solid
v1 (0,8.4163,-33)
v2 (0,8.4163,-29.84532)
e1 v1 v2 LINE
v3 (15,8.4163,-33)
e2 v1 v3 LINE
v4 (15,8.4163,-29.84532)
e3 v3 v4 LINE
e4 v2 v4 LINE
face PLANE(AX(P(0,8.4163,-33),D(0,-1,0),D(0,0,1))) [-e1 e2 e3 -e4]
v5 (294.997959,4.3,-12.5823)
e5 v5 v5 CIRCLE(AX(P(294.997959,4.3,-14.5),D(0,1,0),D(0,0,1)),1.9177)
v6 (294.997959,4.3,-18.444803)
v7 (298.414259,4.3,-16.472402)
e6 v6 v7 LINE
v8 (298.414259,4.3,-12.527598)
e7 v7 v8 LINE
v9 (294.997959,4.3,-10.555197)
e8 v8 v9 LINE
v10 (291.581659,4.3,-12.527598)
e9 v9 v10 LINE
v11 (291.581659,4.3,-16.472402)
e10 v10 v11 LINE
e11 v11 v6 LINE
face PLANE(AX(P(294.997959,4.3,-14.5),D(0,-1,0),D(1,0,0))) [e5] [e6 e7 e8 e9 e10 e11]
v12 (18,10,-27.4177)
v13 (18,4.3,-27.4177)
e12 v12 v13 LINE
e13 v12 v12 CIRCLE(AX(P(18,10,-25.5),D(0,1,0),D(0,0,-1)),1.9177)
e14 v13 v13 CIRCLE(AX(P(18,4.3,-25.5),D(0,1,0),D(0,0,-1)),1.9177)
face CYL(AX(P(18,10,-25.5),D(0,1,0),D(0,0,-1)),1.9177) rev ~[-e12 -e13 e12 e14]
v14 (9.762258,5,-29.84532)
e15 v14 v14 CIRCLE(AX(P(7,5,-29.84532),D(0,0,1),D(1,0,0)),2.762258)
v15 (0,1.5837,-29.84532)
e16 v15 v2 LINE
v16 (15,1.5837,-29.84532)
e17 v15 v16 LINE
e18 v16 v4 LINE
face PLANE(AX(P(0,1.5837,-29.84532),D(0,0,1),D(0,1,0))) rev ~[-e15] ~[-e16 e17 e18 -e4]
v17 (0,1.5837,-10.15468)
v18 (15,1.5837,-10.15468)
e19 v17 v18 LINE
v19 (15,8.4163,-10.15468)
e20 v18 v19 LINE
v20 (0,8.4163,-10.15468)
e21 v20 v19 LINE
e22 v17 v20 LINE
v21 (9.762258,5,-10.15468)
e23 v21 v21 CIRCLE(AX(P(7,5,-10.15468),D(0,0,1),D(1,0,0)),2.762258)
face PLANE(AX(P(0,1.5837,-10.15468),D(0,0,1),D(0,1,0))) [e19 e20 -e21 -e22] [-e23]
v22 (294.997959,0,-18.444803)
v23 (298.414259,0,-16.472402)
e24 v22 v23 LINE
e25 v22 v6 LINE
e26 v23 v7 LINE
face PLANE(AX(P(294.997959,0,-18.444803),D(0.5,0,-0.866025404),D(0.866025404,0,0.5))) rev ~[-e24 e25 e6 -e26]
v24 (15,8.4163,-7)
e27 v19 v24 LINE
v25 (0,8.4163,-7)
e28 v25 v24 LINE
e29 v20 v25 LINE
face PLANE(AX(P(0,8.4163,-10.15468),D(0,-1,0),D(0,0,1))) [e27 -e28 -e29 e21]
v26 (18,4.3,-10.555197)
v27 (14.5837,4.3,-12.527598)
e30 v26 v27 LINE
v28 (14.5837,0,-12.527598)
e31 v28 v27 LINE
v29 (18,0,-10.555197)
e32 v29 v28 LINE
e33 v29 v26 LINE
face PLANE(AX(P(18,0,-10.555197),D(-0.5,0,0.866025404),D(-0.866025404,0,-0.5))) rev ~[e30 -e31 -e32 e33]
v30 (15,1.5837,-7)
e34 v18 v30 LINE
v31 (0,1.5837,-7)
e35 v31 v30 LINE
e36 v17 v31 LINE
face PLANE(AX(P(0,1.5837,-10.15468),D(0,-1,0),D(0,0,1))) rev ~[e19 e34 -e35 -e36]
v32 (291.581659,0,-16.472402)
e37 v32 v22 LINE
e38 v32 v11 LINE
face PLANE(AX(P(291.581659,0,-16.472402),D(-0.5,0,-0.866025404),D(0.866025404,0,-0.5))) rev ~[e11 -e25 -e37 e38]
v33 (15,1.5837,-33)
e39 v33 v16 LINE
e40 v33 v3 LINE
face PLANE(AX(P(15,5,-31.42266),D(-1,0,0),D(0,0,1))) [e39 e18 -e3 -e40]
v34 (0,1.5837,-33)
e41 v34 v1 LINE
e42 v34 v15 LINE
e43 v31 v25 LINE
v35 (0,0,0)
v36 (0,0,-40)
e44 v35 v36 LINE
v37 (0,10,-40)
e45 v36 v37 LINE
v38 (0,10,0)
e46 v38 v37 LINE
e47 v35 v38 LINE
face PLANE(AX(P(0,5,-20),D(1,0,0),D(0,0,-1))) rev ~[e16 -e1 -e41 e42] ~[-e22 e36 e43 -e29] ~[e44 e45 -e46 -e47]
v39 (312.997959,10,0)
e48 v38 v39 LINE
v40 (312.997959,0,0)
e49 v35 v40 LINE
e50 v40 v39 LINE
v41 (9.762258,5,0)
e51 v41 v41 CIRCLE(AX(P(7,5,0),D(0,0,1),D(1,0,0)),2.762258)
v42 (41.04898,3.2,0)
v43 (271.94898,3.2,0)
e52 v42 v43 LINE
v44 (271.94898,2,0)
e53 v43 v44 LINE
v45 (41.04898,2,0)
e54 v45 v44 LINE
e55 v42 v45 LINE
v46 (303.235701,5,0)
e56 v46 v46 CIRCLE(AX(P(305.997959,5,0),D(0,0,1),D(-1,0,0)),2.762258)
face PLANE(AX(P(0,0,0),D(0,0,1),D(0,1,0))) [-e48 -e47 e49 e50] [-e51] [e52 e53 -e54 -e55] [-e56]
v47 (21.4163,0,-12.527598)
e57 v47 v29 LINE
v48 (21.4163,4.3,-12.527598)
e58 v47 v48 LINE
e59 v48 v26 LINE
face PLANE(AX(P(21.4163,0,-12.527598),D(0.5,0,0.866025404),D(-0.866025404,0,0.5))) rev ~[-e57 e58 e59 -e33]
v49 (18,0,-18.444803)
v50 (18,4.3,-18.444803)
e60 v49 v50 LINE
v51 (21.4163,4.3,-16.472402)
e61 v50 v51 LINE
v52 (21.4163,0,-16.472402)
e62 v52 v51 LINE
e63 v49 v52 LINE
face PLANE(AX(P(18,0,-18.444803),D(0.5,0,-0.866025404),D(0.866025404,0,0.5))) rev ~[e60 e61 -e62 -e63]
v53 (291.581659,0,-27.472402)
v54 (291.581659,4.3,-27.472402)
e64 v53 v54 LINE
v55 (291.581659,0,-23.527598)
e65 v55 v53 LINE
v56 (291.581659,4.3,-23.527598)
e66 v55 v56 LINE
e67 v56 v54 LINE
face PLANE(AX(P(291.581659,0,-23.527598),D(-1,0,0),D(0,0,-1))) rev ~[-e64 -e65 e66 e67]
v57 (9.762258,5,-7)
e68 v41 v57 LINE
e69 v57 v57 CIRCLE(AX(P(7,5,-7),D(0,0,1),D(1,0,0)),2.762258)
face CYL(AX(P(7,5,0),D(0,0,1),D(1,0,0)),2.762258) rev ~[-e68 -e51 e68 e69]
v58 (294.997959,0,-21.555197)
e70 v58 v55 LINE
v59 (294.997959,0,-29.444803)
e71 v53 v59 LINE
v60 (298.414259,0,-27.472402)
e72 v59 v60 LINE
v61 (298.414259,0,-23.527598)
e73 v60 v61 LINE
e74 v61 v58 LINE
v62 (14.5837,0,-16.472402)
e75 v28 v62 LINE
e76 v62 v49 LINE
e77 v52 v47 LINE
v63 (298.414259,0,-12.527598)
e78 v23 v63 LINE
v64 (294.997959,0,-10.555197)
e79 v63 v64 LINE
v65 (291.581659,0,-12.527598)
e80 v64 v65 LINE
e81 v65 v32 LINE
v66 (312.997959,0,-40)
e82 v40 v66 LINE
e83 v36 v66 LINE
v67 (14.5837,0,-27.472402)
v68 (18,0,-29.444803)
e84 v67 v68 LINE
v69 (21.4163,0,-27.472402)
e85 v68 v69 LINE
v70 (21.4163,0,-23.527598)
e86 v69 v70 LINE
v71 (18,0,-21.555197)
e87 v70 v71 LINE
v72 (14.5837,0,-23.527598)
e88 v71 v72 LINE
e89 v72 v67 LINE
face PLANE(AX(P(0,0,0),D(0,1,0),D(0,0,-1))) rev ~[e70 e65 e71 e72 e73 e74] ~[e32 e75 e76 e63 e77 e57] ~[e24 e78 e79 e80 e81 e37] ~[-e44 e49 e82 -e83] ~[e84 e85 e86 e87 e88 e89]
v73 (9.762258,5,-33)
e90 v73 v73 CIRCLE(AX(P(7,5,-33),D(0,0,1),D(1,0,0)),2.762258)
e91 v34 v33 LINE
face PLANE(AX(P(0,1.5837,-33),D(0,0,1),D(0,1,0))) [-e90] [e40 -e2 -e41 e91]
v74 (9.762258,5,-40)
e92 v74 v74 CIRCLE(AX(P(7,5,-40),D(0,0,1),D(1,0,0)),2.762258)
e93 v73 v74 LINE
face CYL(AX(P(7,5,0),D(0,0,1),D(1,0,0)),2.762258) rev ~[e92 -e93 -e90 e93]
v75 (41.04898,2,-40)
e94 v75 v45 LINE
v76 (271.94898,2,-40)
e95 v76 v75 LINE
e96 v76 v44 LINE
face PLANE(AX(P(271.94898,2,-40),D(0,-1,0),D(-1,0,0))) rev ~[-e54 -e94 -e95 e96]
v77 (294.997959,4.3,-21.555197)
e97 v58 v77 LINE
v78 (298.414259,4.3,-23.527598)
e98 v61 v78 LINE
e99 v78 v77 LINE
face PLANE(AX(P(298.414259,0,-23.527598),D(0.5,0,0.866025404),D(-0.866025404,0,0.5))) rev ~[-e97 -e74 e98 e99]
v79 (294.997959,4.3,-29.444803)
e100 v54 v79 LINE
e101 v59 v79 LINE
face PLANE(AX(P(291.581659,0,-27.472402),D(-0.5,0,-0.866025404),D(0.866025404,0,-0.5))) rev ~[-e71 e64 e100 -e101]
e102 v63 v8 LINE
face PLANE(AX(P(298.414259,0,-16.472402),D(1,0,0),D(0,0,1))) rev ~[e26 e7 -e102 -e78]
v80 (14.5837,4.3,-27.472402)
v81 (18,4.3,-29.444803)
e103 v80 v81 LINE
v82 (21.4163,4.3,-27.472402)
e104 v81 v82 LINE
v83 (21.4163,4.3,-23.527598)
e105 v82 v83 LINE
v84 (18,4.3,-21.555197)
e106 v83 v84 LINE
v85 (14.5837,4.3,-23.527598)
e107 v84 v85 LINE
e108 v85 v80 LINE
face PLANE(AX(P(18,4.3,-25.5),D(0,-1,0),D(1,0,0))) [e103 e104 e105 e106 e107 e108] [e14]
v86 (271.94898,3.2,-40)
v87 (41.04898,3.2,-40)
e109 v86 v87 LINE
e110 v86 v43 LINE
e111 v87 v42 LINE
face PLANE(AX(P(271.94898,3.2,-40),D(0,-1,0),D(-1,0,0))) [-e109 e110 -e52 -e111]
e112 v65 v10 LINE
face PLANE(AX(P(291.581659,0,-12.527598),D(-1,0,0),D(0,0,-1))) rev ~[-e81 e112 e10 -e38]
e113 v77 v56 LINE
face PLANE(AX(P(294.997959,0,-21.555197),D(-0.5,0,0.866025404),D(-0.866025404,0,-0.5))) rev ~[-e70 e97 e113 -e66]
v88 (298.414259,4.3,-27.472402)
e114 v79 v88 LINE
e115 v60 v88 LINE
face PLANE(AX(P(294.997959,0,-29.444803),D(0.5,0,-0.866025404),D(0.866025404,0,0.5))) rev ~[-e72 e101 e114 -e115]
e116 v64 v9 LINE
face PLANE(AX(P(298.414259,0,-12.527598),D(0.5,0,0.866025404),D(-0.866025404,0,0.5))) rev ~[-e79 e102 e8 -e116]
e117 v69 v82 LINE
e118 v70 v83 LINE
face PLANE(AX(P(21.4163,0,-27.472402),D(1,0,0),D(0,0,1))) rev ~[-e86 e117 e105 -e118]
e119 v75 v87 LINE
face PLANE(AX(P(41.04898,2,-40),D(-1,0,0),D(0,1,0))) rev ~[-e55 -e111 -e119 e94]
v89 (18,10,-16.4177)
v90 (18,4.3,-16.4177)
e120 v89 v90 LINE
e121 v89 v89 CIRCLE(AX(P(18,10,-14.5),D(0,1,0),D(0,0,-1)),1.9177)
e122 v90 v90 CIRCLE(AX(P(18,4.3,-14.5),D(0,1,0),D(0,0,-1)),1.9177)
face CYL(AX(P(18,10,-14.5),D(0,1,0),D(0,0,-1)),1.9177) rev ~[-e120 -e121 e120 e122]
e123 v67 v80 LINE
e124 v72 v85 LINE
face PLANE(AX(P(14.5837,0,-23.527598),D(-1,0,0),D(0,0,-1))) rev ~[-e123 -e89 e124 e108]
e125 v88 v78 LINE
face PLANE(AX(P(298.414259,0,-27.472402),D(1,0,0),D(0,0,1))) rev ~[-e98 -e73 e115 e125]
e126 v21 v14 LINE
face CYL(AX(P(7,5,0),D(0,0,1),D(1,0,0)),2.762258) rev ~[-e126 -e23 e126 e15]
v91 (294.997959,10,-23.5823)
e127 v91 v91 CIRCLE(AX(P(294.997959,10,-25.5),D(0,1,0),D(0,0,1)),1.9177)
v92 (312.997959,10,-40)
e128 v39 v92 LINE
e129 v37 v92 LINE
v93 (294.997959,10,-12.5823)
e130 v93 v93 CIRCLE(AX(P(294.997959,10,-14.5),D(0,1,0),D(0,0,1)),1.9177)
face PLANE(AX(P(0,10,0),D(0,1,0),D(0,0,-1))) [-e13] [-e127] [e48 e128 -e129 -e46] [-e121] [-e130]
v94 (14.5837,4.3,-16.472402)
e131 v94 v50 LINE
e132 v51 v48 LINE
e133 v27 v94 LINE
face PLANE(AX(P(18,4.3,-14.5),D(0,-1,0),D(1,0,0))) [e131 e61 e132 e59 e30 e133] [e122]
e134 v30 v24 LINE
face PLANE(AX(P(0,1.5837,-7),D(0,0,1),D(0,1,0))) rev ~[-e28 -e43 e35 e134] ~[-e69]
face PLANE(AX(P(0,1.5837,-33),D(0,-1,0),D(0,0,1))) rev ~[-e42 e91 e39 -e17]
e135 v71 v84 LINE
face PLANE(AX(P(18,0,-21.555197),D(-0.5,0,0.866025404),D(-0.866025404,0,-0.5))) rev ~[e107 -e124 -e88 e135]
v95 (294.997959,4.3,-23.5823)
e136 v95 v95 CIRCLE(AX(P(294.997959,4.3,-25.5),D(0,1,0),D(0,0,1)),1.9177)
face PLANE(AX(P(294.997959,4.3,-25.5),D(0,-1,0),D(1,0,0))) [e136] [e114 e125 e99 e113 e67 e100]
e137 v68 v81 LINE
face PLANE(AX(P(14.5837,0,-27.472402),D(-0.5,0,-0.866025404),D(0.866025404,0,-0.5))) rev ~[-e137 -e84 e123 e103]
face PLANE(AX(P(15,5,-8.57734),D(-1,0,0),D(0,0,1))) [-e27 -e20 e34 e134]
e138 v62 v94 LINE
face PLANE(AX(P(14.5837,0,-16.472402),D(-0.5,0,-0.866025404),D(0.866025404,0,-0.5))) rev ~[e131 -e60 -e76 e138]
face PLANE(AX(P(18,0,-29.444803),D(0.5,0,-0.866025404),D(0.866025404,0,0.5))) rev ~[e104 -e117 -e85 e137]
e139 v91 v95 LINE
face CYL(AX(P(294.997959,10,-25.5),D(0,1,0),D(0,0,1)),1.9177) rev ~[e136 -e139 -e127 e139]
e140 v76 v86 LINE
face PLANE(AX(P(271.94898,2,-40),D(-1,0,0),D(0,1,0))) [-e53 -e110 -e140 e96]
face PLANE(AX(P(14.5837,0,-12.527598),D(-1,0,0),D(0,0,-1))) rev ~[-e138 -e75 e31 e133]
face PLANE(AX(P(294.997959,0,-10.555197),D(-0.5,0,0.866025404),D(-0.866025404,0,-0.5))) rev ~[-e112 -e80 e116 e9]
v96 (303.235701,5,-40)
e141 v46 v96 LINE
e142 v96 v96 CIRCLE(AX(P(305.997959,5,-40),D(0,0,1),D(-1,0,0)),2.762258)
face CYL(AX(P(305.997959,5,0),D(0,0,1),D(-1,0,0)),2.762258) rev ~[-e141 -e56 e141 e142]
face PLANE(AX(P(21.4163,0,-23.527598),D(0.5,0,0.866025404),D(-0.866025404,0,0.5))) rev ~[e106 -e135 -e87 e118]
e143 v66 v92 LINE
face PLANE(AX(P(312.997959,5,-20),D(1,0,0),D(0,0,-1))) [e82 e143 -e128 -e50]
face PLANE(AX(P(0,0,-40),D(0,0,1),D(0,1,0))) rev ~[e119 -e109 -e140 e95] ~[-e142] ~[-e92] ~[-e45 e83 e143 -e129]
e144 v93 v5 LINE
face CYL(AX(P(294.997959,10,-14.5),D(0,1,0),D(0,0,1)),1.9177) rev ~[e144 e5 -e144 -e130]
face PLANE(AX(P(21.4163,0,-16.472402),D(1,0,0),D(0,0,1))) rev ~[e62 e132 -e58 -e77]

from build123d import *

# Parameters (mm, degrees)
SKETCH1_W           = 40
SKETCH1_H           = 10
BOSS_EXTRUDE1_DEPTH = 312.997959
SKETCH2_W           = 230.9
SKETCH2_H           = 1.2
CUT_EXTRUDE1_DEPTH  = 316.701951749
SKETCH3_R           = 1.9177
CUT_EXTRUDE2_DEPTH  = 316.701951749
CUT_EXTRUDE3_DEPTH  = 4.3
SKETCH5_R           = 2.762258299
CUT_EXTRUDE4_DEPTH  = 316.701951749
SKETCH6_W           = 3.15468
SKETCH6_H           = 6.8326
CUT_EXTRUDE5_DEPTH  = 15


with BuildPart() as part:
    # Sketch1 → Boss-Extrude1 (new body)
    with BuildSketch(Plane(origin=(0, 0, 0), x_dir=(0, 0, -1), z_dir=(1, 0, 0))):
        with Locations((20, 5)):
            Rectangle(SKETCH1_W, SKETCH1_H)
    extrude(amount=BOSS_EXTRUDE1_DEPTH)

    # Sketch2 → Cut-Extrude1 (cut, through all)
    with BuildSketch(Plane(origin=(0, 0, -40), x_dir=(-1, 0, 0), z_dir=(0, 0, -1))):
        with Locations((-156.4989795, 2.6)):
            Rectangle(SKETCH2_W, SKETCH2_H)
    extrude(amount=-CUT_EXTRUDE1_DEPTH, mode=Mode.SUBTRACT)

    # Sketch3 → Cut-Extrude2 (cut, through all)
    with BuildSketch(Plane(origin=(0, 10, 0), x_dir=(1, 0, 0), z_dir=(0, 1, 0))):
        with Locations(Location((294.997959, 25.5, 0), (0, 0, 270))):
            Circle(SKETCH3_R)
        with Locations(Location((294.997959, 14.5, 0), (0, 0, 270))):
            Circle(SKETCH3_R)
        with Locations(Location((18, 14.5, 0), (0, 0, 90))):
            Circle(SKETCH3_R)
        with Locations(Location((18, 25.5, 0), (0, 0, 90))):
            Circle(SKETCH3_R)
    extrude(amount=-CUT_EXTRUDE2_DEPTH, mode=Mode.SUBTRACT)

    # Sketch4 → Cut-Extrude3 (cut)
    with BuildSketch(Plane.XZ):
        Polygon((14.5837, -12.527598275), (14.5837, -16.472401725), (18, -18.444803449), (21.4163, -16.472401725), (21.4163, -12.527598275), (18, -10.555196551), align=None)
        Polygon((14.5837, -23.527598275), (14.5837, -27.472401725), (18, -29.444803449), (21.4163, -27.472401725), (21.4163, -23.527598275), (18, -21.555196551), align=None)
        Polygon((298.414259, -12.527598275), (294.997959, -10.555196551), (291.581659, -12.527598275), (291.581659, -16.472401725), (294.997959, -18.444803449), (298.414259, -16.472401725), align=None)
        Polygon((291.581659, -23.527598275), (291.581659, -27.472401725), (294.997959, -29.444803449), (298.414259, -27.472401725), (298.414259, -23.527598275), (294.997959, -21.555196551), align=None)
    extrude(amount=-CUT_EXTRUDE3_DEPTH, mode=Mode.SUBTRACT)

    # Sketch5 → Cut-Extrude4 (cut, through all)
    with BuildSketch(Plane.XY):
        with Locations((7, 5)):
            Circle(SKETCH5_R)
        with Locations(Location((305.997959, 5, 0), (0, 0, 180))):
            Circle(SKETCH5_R)
    extrude(amount=-CUT_EXTRUDE4_DEPTH, mode=Mode.SUBTRACT)

    # Sketch6 → Cut-Extrude5 (cut)
    with BuildSketch(Plane.ZY):
        with Locations((-31.42266, 5)):
            Rectangle(SKETCH6_W, SKETCH6_H)
        with Locations((-8.57734, 5)):
            Rectangle(SKETCH6_W, SKETCH6_H)
    extrude(amount=-CUT_EXTRUDE5_DEPTH, mode=Mode.SUBTRACT)


solid = part.part
